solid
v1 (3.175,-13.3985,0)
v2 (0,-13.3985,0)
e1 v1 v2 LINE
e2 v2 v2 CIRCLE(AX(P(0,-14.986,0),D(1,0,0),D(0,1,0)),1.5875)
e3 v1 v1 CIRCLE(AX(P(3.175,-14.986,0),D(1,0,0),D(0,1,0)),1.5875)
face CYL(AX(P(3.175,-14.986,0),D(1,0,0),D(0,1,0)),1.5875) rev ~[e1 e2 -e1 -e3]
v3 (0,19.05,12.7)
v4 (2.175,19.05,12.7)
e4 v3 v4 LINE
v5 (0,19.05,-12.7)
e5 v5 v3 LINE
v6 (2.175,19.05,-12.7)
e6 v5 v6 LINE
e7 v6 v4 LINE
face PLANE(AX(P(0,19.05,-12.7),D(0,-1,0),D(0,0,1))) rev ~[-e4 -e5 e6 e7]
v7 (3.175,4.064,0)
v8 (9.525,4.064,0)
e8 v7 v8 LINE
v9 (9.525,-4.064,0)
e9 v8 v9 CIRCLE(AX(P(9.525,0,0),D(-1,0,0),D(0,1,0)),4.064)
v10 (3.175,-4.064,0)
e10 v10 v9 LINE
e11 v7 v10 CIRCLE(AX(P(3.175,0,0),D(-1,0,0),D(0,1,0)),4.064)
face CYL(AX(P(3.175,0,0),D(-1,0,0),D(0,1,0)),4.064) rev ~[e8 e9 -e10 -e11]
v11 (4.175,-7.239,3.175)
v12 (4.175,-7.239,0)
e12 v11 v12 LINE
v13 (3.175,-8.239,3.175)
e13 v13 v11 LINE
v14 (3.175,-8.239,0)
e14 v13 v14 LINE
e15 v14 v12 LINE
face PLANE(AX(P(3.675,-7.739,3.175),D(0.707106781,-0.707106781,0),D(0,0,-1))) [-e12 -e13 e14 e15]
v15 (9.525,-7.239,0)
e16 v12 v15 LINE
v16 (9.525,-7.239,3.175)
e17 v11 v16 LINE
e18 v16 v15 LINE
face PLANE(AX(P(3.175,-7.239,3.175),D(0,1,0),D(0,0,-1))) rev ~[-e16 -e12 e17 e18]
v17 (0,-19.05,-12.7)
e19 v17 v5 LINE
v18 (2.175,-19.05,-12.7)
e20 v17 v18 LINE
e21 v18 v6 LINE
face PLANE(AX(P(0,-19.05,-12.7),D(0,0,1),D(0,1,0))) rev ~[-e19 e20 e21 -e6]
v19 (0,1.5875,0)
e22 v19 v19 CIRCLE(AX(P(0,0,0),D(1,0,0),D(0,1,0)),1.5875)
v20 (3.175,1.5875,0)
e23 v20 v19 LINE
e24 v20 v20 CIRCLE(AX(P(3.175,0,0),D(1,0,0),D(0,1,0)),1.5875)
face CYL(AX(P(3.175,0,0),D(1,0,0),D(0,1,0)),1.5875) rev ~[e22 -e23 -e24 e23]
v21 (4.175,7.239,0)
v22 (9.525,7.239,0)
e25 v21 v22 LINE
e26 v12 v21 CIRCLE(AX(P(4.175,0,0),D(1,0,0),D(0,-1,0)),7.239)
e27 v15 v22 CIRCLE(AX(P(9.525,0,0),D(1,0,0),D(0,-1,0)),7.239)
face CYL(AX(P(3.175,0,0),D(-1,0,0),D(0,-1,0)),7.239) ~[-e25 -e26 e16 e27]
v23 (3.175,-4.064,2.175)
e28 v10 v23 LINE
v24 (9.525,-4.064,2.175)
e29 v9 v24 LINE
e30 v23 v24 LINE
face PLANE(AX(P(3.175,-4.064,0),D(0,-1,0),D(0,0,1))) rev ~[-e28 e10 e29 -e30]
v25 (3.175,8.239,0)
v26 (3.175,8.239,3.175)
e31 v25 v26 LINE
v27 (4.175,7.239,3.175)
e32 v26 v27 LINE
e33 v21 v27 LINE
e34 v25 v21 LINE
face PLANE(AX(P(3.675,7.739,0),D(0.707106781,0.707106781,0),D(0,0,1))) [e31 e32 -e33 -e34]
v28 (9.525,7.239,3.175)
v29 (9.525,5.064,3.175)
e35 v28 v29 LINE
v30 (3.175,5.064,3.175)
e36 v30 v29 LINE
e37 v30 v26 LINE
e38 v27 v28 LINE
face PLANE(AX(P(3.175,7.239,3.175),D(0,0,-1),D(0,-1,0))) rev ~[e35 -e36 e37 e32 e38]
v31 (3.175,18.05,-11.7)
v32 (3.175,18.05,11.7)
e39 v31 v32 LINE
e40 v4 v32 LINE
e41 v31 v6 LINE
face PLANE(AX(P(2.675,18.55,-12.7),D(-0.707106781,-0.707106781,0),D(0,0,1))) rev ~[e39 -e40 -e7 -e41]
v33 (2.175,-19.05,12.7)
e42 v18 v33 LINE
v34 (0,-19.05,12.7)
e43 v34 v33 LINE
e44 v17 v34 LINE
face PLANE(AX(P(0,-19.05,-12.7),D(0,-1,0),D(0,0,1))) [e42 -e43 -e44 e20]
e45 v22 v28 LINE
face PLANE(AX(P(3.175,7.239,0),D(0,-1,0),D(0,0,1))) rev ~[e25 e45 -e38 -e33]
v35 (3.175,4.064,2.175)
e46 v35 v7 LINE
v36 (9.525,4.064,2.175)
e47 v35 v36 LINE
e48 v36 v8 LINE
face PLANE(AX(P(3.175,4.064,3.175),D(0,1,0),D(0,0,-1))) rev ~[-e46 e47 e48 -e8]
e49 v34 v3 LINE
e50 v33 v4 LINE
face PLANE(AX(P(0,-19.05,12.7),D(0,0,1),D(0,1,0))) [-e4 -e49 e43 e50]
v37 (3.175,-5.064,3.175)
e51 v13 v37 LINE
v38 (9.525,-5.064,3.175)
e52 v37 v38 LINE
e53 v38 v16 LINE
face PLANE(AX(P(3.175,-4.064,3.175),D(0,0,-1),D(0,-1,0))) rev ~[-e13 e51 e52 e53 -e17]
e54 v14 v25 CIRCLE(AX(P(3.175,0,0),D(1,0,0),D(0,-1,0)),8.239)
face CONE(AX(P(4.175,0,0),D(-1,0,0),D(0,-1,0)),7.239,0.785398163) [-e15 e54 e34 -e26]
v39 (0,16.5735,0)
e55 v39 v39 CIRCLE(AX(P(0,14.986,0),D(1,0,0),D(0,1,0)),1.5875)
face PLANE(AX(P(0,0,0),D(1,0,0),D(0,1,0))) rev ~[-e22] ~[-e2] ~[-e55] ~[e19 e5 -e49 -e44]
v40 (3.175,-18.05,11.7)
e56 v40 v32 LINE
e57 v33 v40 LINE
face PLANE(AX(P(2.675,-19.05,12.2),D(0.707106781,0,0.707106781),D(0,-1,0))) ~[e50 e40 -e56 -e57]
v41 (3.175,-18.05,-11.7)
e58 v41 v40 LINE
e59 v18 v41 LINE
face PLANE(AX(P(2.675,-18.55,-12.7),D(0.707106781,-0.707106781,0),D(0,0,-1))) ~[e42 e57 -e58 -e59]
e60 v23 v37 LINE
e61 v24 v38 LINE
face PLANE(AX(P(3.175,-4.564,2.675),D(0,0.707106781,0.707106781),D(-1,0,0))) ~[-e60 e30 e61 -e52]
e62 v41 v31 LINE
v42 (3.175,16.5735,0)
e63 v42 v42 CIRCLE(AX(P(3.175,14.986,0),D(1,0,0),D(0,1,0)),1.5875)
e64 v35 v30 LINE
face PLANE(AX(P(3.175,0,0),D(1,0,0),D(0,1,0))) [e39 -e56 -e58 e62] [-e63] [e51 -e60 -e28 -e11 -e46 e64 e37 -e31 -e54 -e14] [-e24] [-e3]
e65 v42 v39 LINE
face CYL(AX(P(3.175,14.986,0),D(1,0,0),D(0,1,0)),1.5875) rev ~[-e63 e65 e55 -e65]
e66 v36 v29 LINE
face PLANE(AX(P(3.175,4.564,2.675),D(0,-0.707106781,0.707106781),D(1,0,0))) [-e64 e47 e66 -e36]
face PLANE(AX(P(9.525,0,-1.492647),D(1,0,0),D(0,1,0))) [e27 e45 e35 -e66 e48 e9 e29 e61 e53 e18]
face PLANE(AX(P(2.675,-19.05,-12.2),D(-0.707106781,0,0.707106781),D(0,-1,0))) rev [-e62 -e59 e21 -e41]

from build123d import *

# Parameters (mm, degrees)
F0_W     = 38.1
F0_H     = 25.4
F1_DEPTH = 3.175
F3_DEPTH = 6.35
F4_R     = 1.5875
F5_DEPTH = 3.175
F6_SIZE  = 1


with BuildPart() as f1:
    # F0 (on Right) → F1 (new body)
    with BuildSketch(Plane.YZ):
        Rectangle(F0_W, F0_H)
    extrude(amount=F1_DEPTH)

    # F2 (on face) → F3 (join)
    with BuildSketch(Plane.YZ.offset(3.175)):
        with BuildLine():
            ThreePointArc((4.064, 0), (0, -4.064), (-4.064, 0))
            Line((-4.064, 0), (-4.064, 3.175))
            Line((-4.064, 3.175), (-7.239, 3.175))
            Line((-7.239, 3.175), (-7.239, 0))
            ThreePointArc((-7.239, 0), (0, -7.239), (7.239, 0))
            Line((7.239, 0), (7.239, 3.175))
            Line((7.239, 3.175), (4.064, 3.175))
            Line((4.064, 3.175), (4.064, 0))
        make_face()
    extrude(amount=F3_DEPTH)

    # F4 (on face) → F5 (cut, through all)
    with BuildSketch(Plane.YZ.offset(3.175)):
        with Locations((-14.986, 0)):
            Circle(F4_R)
        with Locations((14.986, 0)):
            Circle(F4_R)
        Circle(F4_R)
    extrude(amount=-F5_DEPTH, mode=Mode.SUBTRACT)

    # F6
    f6_edges = [f1.edges().sort_by_distance(p)[0] for p in [
        (6.35, -4.064, 3.175),
        (6.35, 4.064, 3.175),
        (3.175, -19.05, 0),
        (3.175, 0, 12.7),
        (3.175, 19.05, 0),
        (3.175, 0, -12.7),
        (3.175, 0, -7.239),
        (3.175, -7.239, 1.5875),
        (3.175, 7.239, 1.5875),
    ]]
    chamfer(f6_edges, length=F6_SIZE)


solid = f1.part
